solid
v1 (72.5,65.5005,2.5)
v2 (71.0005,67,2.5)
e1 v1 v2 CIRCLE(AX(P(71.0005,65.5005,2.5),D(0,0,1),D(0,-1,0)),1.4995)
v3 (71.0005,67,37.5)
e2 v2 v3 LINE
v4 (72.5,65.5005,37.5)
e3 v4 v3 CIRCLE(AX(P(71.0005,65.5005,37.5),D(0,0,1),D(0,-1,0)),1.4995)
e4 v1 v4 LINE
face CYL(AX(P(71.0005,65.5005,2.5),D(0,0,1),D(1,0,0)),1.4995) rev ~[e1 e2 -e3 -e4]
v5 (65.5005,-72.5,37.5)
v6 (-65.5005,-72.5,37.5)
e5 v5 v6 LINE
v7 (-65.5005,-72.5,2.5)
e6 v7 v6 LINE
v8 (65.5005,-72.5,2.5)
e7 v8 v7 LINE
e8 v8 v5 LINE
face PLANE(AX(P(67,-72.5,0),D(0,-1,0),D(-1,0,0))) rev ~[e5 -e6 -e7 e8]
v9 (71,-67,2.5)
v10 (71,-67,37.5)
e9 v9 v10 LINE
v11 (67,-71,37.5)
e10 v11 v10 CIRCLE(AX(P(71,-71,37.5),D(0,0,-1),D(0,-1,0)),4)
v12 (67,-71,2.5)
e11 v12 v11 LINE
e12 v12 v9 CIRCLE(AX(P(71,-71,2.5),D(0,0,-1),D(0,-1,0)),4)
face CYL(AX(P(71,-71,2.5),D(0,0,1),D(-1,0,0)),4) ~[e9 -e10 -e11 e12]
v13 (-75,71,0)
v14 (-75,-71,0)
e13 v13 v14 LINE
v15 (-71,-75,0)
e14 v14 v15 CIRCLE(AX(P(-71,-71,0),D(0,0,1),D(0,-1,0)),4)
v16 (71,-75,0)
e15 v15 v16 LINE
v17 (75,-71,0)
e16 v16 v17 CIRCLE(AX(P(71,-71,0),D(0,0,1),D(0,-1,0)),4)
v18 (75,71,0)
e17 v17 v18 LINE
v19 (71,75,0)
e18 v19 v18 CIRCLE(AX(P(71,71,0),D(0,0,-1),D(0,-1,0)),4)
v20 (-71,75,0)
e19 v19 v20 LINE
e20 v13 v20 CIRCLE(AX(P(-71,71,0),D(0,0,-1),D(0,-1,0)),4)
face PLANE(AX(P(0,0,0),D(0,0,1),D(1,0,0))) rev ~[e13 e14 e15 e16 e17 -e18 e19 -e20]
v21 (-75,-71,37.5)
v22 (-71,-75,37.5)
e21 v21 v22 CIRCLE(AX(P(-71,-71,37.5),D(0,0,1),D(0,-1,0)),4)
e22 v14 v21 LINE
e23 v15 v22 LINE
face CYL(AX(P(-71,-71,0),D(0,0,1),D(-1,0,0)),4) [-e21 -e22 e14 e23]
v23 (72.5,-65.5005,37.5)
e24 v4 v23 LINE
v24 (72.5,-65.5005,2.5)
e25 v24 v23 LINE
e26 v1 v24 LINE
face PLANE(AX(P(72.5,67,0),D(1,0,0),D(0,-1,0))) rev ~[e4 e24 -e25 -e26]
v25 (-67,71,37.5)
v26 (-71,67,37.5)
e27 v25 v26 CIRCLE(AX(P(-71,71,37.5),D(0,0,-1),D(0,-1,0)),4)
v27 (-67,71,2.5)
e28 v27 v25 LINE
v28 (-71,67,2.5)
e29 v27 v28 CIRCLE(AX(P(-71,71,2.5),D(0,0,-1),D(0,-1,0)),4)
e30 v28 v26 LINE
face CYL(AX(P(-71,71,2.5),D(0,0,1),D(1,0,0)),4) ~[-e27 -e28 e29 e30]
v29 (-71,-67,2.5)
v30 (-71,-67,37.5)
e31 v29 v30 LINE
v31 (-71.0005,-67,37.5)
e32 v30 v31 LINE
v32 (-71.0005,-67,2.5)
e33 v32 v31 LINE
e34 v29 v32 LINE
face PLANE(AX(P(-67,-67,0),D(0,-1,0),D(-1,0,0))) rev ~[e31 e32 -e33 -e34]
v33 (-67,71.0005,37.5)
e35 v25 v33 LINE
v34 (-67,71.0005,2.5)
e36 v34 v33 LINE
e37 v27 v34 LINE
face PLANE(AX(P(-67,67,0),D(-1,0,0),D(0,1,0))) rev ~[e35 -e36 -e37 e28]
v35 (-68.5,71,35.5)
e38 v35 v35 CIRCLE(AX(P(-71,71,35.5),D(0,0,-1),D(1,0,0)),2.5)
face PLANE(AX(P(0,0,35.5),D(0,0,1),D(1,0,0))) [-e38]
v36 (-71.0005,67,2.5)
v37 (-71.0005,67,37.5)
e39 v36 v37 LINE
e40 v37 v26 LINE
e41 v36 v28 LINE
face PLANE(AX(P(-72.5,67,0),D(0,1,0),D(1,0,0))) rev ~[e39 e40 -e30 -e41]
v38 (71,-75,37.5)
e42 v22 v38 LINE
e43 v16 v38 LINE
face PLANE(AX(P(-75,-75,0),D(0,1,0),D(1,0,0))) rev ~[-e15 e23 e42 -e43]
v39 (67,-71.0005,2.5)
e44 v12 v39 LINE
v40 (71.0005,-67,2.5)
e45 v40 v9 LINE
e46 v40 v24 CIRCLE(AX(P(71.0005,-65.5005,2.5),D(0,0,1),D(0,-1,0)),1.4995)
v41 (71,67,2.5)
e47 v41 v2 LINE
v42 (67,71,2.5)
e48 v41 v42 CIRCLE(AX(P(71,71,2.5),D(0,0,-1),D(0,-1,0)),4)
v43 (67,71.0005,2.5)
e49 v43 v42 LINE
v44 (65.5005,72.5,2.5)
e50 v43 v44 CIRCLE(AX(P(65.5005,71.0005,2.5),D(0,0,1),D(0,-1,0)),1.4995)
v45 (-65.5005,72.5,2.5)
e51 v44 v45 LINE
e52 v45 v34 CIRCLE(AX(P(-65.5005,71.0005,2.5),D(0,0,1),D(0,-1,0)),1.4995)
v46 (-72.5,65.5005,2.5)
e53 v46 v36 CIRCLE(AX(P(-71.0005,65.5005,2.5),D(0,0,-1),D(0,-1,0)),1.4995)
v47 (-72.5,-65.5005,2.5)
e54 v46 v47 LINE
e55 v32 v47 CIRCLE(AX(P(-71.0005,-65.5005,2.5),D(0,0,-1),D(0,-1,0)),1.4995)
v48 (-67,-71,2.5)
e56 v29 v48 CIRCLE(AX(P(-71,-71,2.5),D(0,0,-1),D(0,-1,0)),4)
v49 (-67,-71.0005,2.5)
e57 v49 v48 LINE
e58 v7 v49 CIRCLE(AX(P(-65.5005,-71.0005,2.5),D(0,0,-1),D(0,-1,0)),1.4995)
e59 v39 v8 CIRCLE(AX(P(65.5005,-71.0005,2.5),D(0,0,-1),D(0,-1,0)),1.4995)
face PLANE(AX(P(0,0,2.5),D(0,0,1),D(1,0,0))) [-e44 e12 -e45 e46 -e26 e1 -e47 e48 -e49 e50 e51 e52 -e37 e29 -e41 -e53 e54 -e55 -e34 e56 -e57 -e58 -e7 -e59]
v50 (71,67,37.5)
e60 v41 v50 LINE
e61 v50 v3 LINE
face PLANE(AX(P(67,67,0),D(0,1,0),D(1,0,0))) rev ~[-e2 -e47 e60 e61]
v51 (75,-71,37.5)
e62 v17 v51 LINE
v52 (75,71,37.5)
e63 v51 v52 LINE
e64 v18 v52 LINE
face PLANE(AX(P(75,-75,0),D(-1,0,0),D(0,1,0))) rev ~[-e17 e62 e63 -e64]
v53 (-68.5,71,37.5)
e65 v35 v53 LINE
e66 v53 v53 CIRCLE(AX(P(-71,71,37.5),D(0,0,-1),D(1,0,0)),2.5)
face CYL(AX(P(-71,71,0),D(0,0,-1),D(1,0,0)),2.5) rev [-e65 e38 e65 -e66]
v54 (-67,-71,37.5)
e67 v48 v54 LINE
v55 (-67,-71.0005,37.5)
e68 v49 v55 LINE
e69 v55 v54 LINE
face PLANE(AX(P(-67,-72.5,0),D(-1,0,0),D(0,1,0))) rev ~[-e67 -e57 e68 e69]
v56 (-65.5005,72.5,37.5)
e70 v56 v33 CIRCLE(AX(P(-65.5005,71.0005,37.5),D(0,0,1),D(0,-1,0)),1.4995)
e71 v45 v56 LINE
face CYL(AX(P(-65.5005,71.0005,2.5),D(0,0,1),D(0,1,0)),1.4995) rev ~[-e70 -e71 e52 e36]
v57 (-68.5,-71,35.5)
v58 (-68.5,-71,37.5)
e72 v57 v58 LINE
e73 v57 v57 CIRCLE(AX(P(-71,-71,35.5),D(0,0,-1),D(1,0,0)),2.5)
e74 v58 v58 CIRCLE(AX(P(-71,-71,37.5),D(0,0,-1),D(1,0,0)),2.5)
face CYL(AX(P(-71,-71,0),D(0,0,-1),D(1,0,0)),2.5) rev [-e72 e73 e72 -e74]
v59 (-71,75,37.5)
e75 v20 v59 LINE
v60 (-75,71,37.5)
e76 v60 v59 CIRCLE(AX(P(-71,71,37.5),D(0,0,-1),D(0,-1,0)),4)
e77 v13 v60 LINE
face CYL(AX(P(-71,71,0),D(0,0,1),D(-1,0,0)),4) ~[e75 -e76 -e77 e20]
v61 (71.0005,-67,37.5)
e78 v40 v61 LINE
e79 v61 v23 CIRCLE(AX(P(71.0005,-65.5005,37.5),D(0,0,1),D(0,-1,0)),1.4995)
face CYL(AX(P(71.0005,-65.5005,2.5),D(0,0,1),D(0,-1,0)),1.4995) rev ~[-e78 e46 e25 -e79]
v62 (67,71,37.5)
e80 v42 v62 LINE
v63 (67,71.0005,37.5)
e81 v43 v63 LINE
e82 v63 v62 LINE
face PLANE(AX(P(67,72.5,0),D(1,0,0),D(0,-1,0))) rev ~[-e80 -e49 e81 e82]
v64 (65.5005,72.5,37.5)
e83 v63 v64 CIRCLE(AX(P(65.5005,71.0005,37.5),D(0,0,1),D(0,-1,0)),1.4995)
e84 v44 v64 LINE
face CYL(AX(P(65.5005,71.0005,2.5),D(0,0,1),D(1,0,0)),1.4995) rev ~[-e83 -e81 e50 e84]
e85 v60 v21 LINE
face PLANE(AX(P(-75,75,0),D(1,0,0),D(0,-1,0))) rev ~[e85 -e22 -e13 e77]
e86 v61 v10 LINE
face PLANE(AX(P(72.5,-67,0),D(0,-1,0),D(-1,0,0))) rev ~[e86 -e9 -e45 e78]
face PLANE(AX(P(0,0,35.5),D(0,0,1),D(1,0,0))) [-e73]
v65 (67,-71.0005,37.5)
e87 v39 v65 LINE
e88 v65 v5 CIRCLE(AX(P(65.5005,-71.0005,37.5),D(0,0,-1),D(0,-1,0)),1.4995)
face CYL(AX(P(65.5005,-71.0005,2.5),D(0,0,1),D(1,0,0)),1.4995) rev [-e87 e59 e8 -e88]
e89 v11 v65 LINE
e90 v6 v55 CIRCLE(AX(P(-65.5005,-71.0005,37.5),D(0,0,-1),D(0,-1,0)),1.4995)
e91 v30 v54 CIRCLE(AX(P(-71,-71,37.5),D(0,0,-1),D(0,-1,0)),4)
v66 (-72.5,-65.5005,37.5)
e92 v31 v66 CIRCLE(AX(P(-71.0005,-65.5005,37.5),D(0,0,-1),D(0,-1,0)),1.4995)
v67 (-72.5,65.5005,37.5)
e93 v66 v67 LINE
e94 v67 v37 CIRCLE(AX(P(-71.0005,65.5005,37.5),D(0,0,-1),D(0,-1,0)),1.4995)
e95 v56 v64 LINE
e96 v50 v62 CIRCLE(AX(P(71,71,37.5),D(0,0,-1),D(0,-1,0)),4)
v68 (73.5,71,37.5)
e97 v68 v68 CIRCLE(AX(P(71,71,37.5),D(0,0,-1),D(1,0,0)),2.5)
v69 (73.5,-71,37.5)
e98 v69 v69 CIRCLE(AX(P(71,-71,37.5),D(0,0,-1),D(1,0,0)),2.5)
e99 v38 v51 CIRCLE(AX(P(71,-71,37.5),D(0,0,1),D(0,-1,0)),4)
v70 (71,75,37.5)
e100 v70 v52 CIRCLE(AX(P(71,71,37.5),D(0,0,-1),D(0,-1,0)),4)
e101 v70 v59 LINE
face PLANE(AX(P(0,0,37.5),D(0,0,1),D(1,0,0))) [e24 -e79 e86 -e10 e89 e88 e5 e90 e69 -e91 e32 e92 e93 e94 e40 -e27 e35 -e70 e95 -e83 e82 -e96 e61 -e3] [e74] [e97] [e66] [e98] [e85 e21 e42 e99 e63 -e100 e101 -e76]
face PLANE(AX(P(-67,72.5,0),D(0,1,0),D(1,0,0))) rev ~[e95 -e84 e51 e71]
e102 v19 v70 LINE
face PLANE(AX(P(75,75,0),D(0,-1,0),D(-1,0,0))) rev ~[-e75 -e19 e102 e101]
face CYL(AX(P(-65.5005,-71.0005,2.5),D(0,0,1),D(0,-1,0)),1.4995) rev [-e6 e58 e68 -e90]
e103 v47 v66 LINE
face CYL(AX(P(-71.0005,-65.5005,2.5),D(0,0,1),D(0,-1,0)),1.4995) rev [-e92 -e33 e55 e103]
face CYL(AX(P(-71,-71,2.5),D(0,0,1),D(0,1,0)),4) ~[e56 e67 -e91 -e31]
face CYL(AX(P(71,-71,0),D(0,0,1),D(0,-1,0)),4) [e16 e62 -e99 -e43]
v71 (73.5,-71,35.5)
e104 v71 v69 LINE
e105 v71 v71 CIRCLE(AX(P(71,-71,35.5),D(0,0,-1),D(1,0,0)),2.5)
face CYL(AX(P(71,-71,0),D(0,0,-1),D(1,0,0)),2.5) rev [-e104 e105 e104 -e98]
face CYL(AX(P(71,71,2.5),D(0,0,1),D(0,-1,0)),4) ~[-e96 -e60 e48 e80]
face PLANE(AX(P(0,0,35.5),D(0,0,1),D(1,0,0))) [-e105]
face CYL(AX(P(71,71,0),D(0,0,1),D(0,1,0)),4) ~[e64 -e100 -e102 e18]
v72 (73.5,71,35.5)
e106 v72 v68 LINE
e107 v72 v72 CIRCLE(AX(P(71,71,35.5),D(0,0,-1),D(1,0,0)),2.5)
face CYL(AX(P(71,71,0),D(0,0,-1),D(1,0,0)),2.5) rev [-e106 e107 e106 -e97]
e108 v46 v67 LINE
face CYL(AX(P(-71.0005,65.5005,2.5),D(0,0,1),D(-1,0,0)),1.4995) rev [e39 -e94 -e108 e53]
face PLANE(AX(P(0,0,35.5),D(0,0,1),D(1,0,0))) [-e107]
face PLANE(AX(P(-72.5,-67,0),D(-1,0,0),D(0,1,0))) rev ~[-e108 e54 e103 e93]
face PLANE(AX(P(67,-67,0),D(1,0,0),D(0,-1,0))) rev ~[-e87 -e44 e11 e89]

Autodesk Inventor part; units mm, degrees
ref_plane "YZ Plane" through (0, 0, 0) normal (1, 0, 0) x (0, 1, 0)
ref_plane "XZ Plane" through (0, 0, 0) normal (0, 1, 0) x (-1, 0, 0)
ref_plane "XY Plane" through (0, 0, 0) normal (0, 0, 1) x (1, 0, 0)
sketch "Sketch1" plane through (0, 0, 0) normal (0, 0, 1) x (1, 0, 0)
  line L0 (-75, -75) -> (75, -75)
  line L1 (75, -75) -> (75, 75)
  line L2 (75, 75) -> (-75, 75)
  line L3 (-75, 75) -> (-75, -75)
  line L4 (-75, -75) -> (75, 75) construction
  line L5 (75, -75) -> (-75, 75) construction
  line L6 (72.5, -72.5) -> (-72.5, -72.5)
  line L7 (-72.5, -72.5) -> (-72.5, 72.5)
  line L8 (-72.5, 72.5) -> (72.5, 72.5)
  line L9 (72.5, 72.5) -> (72.5, -72.5)
  line L10 (72.5, -72.5) -> (-72.5, 72.5) construction
  line L11 (-72.5, -72.5) -> (72.5, 72.5) construction
  line L12 (-75, 75) -> (-71, 75) construction
  line L13 (-71, 75) -> (-71, 71) construction
  line L14 (-71, 71) -> (-75, 71) construction
  line L15 (-75, 71) -> (-75, 75) construction
  circle A0 centre (-71, 71) radius 2.5
  line L16 (-71, -71) -> (-71, -75) construction
  line L17 (-75, -71) -> (-71, -71) construction
  circle A1 centre (-71, -71) radius 2.5
  line L18 (72.5, 72.5) -> (-72.5, -72.5) construction
  line L19 (75, 75) -> (-75, -75) construction
  line L20 (71, -71) -> (75, -71) construction
  line L21 (71, -75) -> (71, -71) construction
  circle A2 centre (71, -71) radius 2.5
  line L22 (-72.5, 72.5) -> (72.5, -72.5) construction
  line L23 (-75, 75) -> (75, -75) construction
  line L24 (71, 71) -> (71, 75) construction
  line L25 (75, 71) -> (71, 71) construction
  circle A3 centre (71, 71) radius 2.5
  line L26 (-72.5, -72.5) -> (72.5, 72.5) construction
  line L27 (-75, -75) -> (75, 75) construction
  line L28 (-73.5, 73.5) -> (-68.5, 73.5)
  line L29 (-68.5, 73.5) -> (-68.5, 68.5)
  line L30 (-68.5, 68.5) -> (-73.5, 68.5)
  line L31 (-73.5, 68.5) -> (-73.5, 73.5)
  line L32 (-73.5, 73.5) -> (-68.5, 68.5) construction
  line L33 (-68.5, 73.5) -> (-73.5, 68.5) construction
  line L34 (-72.5, -72.5) -> (72.5, 72.5) construction
  line L35 (72.5, 72.5) -> (-72.5, -72.5) construction
  line L36 (-75, -75) -> (75, 75) construction
  line L37 (75, 75) -> (-75, -75) construction
  line L38 (-73.5, -68.5) -> (-68.5, -68.5)
  line L39 (-73.5, -73.5) -> (-68.5, -68.5) construction
  line L40 (-68.5, -68.5) -> (-68.5, -73.5)
  line L41 (-68.5, -73.5) -> (-73.5, -73.5)
  line L42 (-73.5, -73.5) -> (-73.5, -68.5)
  line L43 (72.5, -72.5) -> (-72.5, 72.5) construction
  line L44 (-72.5, 72.5) -> (72.5, -72.5) construction
  line L45 (75, -75) -> (-75, 75) construction
  line L46 (-75, 75) -> (75, -75) construction
  line L47 (68.5, -73.5) -> (68.5, -68.5)
  line L48 (73.5, -73.5) -> (68.5, -68.5) construction
  line L49 (68.5, -68.5) -> (73.5, -68.5)
  line L50 (73.5, -68.5) -> (73.5, -73.5)
  line L51 (73.5, -73.5) -> (68.5, -73.5)
  line L52 (72.5, 72.5) -> (-72.5, -72.5) construction
  line L53 (-72.5, -72.5) -> (72.5, 72.5) construction
  line L54 (75, 75) -> (-75, -75) construction
  line L55 (-75, -75) -> (75, 75) construction
  line L56 (73.5, 68.5) -> (68.5, 68.5)
  line L57 (73.5, 73.5) -> (68.5, 68.5) construction
  line L58 (68.5, 68.5) -> (68.5, 73.5)
  line L59 (68.5, 73.5) -> (73.5, 73.5)
  line L60 (73.5, 73.5) -> (73.5, 68.5)
  line L61 (-72.5, 68.5) -> (-72.5, 67)
  line L62 (-72.5, 67) -> (-67, 67)
  line L63 (-67, 67) -> (-67, 72.5)
  line L64 (-67, 72.5) -> (-68.5, 72.5)
  line L65 (-68.5, 72.5) -> (-68.5, 68.5)
  line L66 (-68.5, 68.5) -> (-72.5, 68.5)
  line L67 (-67, -67) -> (-72.5, -67)
  line L68 (-67, -72.5) -> (-67, -67)
  line L69 (72.5, 72.5) -> (-72.5, -72.5) construction
  line L70 (72.5, 72.5) -> (-72.5, -72.5) construction
  line L71 (-72.5, -72.5) -> (72.5, 72.5) construction
  line L72 (-72.5, -72.5) -> (72.5, 72.5) construction
  line L73 (-75, -75) -> (75, 75) construction
  line L74 (-75, -75) -> (75, 75) construction
  line L75 (75, 75) -> (-75, -75) construction
  line L76 (75, 75) -> (-75, -75) construction
  line L77 (67, -67) -> (67, -72.5)
  line L78 (72.5, -67) -> (67, -67)
  line L79 (-72.5, 72.5) -> (72.5, -72.5) construction
  line L80 (-72.5, 72.5) -> (72.5, -72.5) construction
  line L81 (72.5, -72.5) -> (-72.5, 72.5) construction
  line L82 (72.5, -72.5) -> (-72.5, 72.5) construction
  line L83 (75, -75) -> (-75, 75) construction
  line L84 (75, -75) -> (-75, 75) construction
  line L85 (-75, 75) -> (75, -75) construction
  line L86 (-75, 75) -> (75, -75) construction
  line L87 (67, 67) -> (72.5, 67)
  line L88 (67, 72.5) -> (67, 67)
  line L89 (-72.5, -72.5) -> (72.5, 72.5) construction
  line L90 (-72.5, -72.5) -> (72.5, 72.5) construction
  line L91 (72.5, 72.5) -> (-72.5, -72.5) construction
  line L92 (72.5, 72.5) -> (-72.5, -72.5) construction
  line L93 (75, 75) -> (-75, -75) construction
  line L94 (75, 75) -> (-75, -75) construction
  line L95 (-75, -75) -> (75, 75) construction
  line L96 (-75, -75) -> (75, 75) construction
  line L97 (-72.5, -67) -> (-72.5, -68.5)
  line L98 (-72.5, -68.5) -> (-68.5, -68.5)
  line L99 (-68.5, -68.5) -> (-68.5, -72.5)
  line L100 (-68.5, -72.5) -> (-67, -72.5)
  line L101 (-67, -72.5) -> (-67, -67)
  line L102 (-67, -67) -> (-72.5, -67)
  line L103 (68.5, -72.5) -> (67, -72.5)
  line L104 (67, -72.5) -> (67, -67)
  line L105 (67, -67) -> (72.5, -67)
  line L106 (72.5, -67) -> (72.5, -68.5)
  line L107 (72.5, -68.5) -> (68.5, -68.5)
  line L108 (68.5, -68.5) -> (68.5, -72.5)
  line L109 (67, 72.5) -> (68.5, 72.5)
  line L110 (68.5, 72.5) -> (68.5, 68.5)
  line L111 (68.5, 68.5) -> (72.5, 68.5)
  line L112 (72.5, 68.5) -> (72.5, 67)
  line L113 (72.5, 67) -> (67, 67)
  line L114 (67, 67) -> (67, 72.5)
  point P0 (0, 0)
  point P1 (0, 0)
  point P2 (0, 0)
  point P3 (0, 0)
  point P4 (0, 0)
  point P5 (0, 0)
  point P6 (0, 0)
  point P7 (0, 0)
  point P8 (0, 0)
  point P9 (0, 0)
  point P10 (0, 0)
  point P11 (0, 0)
  point P12 (0, 0)
  point P13 (0, 0)
  point P14 (0, 0)
  point P15 (0, 0)
  point P16 (0, 0)
  point P17 (0, 0)
  point P18 (-68.5, 68.5)
  point P19 (0, 0)
  point P20 (0, 0)
  point P21 (0, 0)
  point P22 (0, 0)
  point P23 (-68.5, -68.5)
  dimension "d0" = 150
  dimension "d1" = 150
  dimension "d2" = 145
  dimension "d3" = 145
  dimension "d8" = 4
  dimension "d9" = 4
  dimension "d10" = 5
  dimension "d13" = 360
  dimension "d17" = 360
  dimension "d25" = 1.5
  dimension "d28" = 360
extrude "Extrusion1" add sketch "Sketch1" along normal blind 2.5 contours L47 A2 L6 | L6 L77 L78 L9 L49 L47 | L6 L68 L67 L7 L62 L63 L8 L88 L87 L9 L78 L77 | A2 L9 L6 | L47 L49 A2 | L6 L40 L38 L7 L67 L68 | L49 L9 A2 | L6 A1 L40 | L6 L7 A1 | A1 L38 L40 | L87 L88 L8 L58 L56 L9 | A1 L7 L38 | L7 L30 L29 L8 L63 L62 | L56 A3 L9 | L7 A0 L30 | A3 L8 L9 | L56 L58 A3 | L7 L8 A0 | A0 L29 L30 | L58 L8 A3 | A0 L8 L29 picked at (70.3289, -70.3289) picked at (-70.3289, -70.3289) picked at (70.3289, 70.3289) picked at (-70.3289, 70.3289)
extrude "Extrusion2" add sketch "Sketch1" along normal blind 37.5 contours L3 L2 L1 L0 | L6 A2 L51 L47 | L6 L9 A2 | A2 L50 L51 | L40 L41 A1 L6 | L9 L49 L50 A2 | A1 L7 L6 | L41 L42 A1 | L7 A1 L42 L38 | L9 A3 L60 L56 | L30 L31 A0 L7 | L9 L8 A3 | A0 L8 L7 | A3 L59 L60 | L58 L59 A3 L8 | L31 L28 A0 | L8 A0 L28 L29 picked at (72.6398, -70.2994) picked at (-72.6398, -70.2994) picked at (72.6398, 70.2994) picked at (-72.6398, 70.2994)
extrude "Extrusion3" add sketch "Sketch1" along normal blind 37.5 contours L47 A2 L6 | L6 A2 L51 L47 | A2 L9 L6 | L6 L9 A2 | L47 L49 A2 | A2 L50 L51 | L49 L9 A2 | L40 L41 A1 L6 | L6 A1 L40 | L9 L49 L50 A2 | A1 L7 L6 | L6 L7 A1 | A1 L38 L40 | L41 L42 A1 | A1 L7 L38 | L7 A1 L42 L38 | L56 A3 L9 | L9 A3 L60 L56 | L30 L31 A0 L7 | L7 A0 L30 | A3 L8 L9 | L9 L8 A3 | L56 L58 A3 | A0 L8 L7 | L7 L8 A0 | A0 L29 L30 | A3 L59 L60 | L58 L8 A3 | L58 L59 A3 L8 | L31 L28 A0 | A0 L8 L29 | L8 A0 L28 L29
extrude "Extrusion4" cut sketch "Sketch1" along normal blind 37.5 contours A2 L9 L6 | L6 L9 A2 | A1 L7 L6 | L6 L7 A1 | A3 L8 L9 | L9 L8 A3 | A0 L8 L7 | L7 L8 A0
extrude "Extrusion5" add sketch "Sketch1" along normal blind 35.5 contours A2 L9 L6 | L6 L9 A2 | A1 L7 L6 | L6 L7 A1 | A3 L8 L9 | L9 L8 A3 | A0 L8 L7 | L7 L8 A0
extrude "Extrusion6" add sketch "Sketch1" along normal blind 37.5 contours L47 A2 L6 | L6 A2 L51 L47 | L6 L77 L78 L9 L49 L47 | L6 L68 L67 L7 L62 L63 L8 L88 L87 L9 L78 L77 | A2 L9 L6 | L6 L9 A2 | L47 L49 A2 | L6 L40 L38 L7 L67 L68 | A2 L50 L51 | L49 L9 A2 | L40 L41 A1 L6 | L6 A1 L40 | L9 L49 L50 A2 | A1 L7 L6 | L6 L7 A1 | A1 L38 L40 | L87 L88 L8 L58 L56 L9 | L41 L42 A1 | A1 L7 L38 | L7 A1 L42 L38 | L7 L30 L29 L8 L63 L62 | L56 A3 L9 | L9 A3 L60 L56 | L30 L31 A0 L7 | L7 A0 L30 | A3 L8 L9 | L9 L8 A3 | L56 L58 A3 | A0 L8 L7 | L7 L8 A0 | A0 L29 L30 | A3 L59 L60 | L58 L8 A3 | L58 L59 A3 L8 | L31 L28 A0 | A0 L8 L29 | L8 A0 L28 L29
extrude "Extrusion7" cut sketch "Sketch1" along normal blind 37.5 contours L6 L68 L67 L7 L62 L63 L8 L88 L87 L9 L78 L77 | A2 L9 L6 | L6 L9 A2 | A1 L7 L6 | L6 L7 A1 | A3 L8 L9 | L9 L8 A3 | A0 L8 L7 | L7 L8 A0
extrude "Extrusion8" add sketch "Sketch1" along normal blind 2.5 contours L47 A2 L6 | L6 A2 L51 L47 | L6 L77 L78 L9 L49 L47 | L6 L68 L67 L7 L62 L63 L8 L88 L87 L9 L78 L77 | A2 L9 L6 | L6 L9 A2 | L47 L49 A2 | L6 L40 L38 L7 L67 L68 | A2 L50 L51 | L49 L9 A2 | L40 L41 A1 L6 | L6 A1 L40 | L9 L49 L50 A2 | A1 L7 L6 | L6 L7 A1 | A1 L38 L40 | L87 L88 L8 L58 L56 L9 | L41 L42 A1 | A1 L7 L38 | L7 A1 L42 L38 | L7 L30 L29 L8 L63 L62 | L56 A3 L9 | L9 A3 L60 L56 | L30 L31 A0 L7 | L7 A0 L30 | A3 L8 L9 | L9 L8 A3 | L56 L58 A3 | A0 L8 L7 | L7 L8 A0 | A0 L29 L30 | A3 L59 L60 | L58 L8 A3 | L58 L59 A3 L8 | L31 L28 A0 | A0 L8 L29 | L8 A0 L28 L29
extrude "Extrusion9" add sketch "Sketch1" along normal blind 35.5 contours A2 L9 L6 | L6 L9 A2 | A1 L7 L6 | L6 L7 A1 | A3 L8 L9 | L9 L8 A3 | A0 L8 L7 | L7 L8 A0
fillet "Fillet1" radius 4 4 edges at (-75, -75, 18.75) (75, -75, 18.75) (75, 75, 18.75) (-75, 75, 18.75)
fillet "Fillet2" radius 4 4 edges at (-67, 67, 20) (-67, -67, 20) (67, 67, 20) (67, -67, 20)
fillet "Fillet3" radius 1.5 8 edges at (-67, 72.5, 20) (-72.5, 67, 20) (67, 72.5, 20) (72.5, 67, 20) (67, -72.5, 20) (72.5, -67, 20) (-72.5, -67, 20) (-67, -72.5, 20)
properties part number "electronics_box_small"
